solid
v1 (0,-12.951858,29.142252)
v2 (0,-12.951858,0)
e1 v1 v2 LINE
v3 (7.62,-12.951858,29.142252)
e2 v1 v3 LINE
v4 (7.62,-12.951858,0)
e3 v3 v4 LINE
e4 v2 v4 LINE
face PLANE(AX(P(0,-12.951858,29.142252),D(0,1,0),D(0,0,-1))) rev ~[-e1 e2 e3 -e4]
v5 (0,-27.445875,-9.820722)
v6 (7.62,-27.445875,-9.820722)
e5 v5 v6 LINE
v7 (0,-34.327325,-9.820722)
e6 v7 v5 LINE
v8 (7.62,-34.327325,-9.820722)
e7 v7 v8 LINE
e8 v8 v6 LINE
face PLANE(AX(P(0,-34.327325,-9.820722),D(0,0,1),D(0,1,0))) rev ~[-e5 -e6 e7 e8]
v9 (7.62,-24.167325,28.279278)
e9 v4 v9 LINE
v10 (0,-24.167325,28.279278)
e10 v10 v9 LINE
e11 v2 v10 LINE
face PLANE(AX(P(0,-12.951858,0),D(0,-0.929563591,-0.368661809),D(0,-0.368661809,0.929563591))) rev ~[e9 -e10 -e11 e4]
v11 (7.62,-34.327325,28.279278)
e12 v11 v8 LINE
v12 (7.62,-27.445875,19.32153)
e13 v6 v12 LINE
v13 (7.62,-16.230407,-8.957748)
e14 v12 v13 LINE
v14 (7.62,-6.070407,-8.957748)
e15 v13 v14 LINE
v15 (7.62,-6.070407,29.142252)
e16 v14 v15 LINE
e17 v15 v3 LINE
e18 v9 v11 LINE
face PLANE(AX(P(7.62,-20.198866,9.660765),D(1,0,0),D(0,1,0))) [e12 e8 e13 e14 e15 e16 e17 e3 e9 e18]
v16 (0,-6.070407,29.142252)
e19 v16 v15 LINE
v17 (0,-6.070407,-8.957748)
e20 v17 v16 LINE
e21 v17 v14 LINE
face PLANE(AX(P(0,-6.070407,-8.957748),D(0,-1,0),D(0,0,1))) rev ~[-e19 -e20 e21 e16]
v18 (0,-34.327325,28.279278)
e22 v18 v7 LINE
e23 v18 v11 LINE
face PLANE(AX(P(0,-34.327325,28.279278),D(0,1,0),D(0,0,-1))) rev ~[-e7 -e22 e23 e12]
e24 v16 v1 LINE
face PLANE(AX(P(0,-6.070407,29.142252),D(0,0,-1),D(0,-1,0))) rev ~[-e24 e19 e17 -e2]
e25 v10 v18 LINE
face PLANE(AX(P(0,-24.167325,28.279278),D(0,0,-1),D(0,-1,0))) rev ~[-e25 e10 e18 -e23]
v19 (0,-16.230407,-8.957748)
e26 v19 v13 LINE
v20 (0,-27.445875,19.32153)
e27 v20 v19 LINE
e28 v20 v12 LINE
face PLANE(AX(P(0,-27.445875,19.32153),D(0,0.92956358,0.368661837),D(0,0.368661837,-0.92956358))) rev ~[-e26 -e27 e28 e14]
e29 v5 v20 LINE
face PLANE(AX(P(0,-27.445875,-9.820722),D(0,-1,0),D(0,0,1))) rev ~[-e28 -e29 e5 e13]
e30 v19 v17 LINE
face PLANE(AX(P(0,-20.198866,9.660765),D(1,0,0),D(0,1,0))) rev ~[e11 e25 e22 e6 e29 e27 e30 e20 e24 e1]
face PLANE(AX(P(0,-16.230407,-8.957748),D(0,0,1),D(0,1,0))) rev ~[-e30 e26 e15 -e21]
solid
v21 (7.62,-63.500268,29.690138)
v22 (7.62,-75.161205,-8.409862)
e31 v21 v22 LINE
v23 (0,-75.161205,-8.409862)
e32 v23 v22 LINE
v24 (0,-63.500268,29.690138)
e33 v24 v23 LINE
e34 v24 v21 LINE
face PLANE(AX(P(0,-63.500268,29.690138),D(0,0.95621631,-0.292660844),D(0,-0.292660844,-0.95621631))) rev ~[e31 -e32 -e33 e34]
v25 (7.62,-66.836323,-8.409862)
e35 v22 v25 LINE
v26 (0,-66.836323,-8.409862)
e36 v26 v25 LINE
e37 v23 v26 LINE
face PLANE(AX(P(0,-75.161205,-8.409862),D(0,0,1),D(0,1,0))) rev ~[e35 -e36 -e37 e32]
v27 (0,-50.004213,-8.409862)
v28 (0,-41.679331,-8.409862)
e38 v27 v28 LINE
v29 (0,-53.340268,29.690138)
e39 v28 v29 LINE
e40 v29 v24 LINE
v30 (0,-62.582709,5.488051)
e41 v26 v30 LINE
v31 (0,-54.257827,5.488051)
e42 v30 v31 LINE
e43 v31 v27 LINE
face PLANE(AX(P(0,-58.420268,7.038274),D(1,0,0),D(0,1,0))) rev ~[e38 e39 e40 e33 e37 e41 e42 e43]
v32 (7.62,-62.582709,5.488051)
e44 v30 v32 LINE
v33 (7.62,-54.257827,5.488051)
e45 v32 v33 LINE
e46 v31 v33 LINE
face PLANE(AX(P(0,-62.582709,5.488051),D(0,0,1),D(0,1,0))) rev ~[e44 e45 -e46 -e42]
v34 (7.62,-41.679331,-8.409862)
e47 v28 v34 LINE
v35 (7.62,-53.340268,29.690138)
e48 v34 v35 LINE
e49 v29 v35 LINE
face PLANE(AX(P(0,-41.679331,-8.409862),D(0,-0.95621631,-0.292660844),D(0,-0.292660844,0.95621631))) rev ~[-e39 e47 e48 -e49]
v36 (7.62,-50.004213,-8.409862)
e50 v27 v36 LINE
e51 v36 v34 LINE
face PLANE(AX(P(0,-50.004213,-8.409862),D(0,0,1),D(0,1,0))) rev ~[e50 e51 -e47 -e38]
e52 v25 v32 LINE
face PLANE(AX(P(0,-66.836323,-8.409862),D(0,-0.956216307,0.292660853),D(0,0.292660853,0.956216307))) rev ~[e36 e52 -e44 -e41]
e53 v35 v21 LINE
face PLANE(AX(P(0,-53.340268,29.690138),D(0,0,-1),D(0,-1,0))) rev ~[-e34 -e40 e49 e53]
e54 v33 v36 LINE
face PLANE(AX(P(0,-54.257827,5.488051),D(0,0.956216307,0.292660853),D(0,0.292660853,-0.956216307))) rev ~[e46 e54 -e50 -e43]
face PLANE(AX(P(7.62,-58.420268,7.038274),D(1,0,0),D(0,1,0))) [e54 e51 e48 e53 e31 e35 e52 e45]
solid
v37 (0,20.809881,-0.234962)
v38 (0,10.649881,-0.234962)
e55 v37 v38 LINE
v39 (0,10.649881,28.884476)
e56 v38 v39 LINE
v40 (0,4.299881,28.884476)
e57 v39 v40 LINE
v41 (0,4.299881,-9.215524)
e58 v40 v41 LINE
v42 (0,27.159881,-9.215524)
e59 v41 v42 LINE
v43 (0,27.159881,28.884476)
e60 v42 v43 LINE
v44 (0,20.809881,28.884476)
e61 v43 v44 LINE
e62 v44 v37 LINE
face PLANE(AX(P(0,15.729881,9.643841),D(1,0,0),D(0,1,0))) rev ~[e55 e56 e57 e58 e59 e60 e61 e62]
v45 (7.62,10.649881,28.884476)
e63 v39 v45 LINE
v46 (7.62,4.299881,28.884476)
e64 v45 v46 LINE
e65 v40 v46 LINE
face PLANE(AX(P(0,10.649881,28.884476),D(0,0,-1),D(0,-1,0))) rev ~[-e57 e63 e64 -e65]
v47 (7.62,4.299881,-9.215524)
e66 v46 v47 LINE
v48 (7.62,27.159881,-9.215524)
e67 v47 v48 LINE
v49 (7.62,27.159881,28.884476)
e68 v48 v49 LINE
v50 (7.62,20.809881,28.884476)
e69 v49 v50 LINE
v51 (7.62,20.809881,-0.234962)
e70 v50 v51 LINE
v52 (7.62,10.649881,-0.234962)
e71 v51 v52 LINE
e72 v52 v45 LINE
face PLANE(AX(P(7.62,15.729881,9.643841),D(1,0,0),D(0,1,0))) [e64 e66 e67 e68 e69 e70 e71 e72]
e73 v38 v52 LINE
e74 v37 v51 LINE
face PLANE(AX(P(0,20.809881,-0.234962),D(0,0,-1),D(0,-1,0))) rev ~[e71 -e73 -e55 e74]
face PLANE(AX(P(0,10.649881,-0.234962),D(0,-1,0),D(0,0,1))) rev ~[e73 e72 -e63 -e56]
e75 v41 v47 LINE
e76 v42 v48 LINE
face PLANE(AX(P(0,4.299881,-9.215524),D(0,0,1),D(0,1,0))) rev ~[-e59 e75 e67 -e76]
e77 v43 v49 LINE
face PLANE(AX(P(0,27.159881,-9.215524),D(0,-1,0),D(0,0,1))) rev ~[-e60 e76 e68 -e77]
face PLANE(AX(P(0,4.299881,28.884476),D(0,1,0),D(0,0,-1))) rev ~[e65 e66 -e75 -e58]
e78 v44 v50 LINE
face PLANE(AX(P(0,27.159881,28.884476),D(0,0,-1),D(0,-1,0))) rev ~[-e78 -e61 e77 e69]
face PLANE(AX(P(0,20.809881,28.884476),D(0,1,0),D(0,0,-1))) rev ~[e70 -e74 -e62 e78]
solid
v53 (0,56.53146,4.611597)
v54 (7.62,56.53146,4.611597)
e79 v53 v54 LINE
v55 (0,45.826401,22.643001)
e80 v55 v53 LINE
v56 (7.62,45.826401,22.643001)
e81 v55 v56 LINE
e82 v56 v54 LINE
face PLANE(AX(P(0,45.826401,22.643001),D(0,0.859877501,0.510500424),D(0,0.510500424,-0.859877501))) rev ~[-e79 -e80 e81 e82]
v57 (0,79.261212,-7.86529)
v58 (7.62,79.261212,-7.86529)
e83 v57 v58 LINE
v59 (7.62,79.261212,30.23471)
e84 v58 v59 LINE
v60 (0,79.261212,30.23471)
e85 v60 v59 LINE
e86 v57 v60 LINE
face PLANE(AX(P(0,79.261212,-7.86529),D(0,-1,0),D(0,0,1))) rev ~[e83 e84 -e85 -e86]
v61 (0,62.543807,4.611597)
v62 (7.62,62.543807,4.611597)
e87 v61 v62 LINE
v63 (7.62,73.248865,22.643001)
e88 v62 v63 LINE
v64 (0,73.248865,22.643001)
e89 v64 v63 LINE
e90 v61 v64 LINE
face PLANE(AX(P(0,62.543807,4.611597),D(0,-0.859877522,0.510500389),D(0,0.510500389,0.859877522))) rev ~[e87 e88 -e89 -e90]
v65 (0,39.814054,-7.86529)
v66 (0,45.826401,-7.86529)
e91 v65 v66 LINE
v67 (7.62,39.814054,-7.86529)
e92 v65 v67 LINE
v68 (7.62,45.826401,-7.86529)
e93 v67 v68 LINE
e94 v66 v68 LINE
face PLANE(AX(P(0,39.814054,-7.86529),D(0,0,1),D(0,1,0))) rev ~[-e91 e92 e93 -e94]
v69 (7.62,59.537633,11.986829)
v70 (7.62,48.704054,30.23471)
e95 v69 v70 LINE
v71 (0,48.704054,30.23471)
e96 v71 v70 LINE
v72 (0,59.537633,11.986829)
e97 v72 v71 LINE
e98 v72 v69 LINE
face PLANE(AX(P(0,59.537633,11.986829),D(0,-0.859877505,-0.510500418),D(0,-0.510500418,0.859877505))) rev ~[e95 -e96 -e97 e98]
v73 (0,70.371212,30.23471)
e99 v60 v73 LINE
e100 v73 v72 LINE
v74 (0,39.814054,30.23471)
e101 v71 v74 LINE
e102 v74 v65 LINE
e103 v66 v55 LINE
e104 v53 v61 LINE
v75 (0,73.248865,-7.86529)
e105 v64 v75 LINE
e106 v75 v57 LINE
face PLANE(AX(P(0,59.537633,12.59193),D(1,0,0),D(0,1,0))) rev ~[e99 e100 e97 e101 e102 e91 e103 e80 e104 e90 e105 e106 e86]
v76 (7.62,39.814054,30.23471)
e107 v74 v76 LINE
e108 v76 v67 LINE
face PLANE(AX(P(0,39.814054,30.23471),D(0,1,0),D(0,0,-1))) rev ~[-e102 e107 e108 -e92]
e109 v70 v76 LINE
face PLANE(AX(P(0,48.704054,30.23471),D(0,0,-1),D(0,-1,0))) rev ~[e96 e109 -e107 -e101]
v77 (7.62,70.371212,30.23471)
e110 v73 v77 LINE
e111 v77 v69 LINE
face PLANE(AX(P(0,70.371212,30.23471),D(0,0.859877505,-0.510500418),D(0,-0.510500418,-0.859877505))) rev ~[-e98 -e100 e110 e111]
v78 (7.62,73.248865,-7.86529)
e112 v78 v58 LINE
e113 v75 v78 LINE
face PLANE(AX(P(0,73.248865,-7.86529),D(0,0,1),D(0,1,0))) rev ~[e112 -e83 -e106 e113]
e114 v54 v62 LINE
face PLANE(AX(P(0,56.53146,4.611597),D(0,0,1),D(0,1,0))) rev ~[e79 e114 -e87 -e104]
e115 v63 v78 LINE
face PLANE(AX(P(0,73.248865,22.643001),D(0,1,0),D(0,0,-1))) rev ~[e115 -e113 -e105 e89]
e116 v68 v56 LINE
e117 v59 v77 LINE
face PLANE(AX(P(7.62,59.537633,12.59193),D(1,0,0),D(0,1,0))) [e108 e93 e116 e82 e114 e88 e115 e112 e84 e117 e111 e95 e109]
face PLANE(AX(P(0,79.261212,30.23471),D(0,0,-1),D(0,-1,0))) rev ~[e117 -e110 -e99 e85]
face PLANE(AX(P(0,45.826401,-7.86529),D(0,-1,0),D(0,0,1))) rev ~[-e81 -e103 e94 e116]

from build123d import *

# Parameters (mm, degrees)
F1_DEPTH = 7.62


with BuildPart() as f1:
    # F0 (on Right) → F1 (new body)
    with BuildSketch(Plane.YZ):
        Polygon((-63.500268, 29.690138), (-75.161205, -8.409862), (-66.836323, -8.409862), (-62.582709, 5.488051), (-54.257827, 5.488051), (-50.004213, -8.409862), (-41.679331, -8.409862), (-53.340268, 29.690138), align=None)
        Polygon((-34.327325, 28.279278), (-34.327325, -9.820722), (-27.445875, -9.820722), (-27.445875, 19.32153), (-16.230407, -8.957748), (-6.070407, -8.957748), (-6.070407, 29.142252), (-12.951858, 29.142252), (-12.951858, 0), (-24.167325, 28.279278), align=None)
        Polygon((10.649881, 28.884476), (4.299881, 28.884476), (4.299881, -9.215524), (27.159881, -9.215524), (27.159881, 28.884476), (20.809881, 28.884476), (20.809881, -0.234962), (10.649881, -0.234962), align=None)
        Polygon((39.814054, 30.23471), (39.814054, -7.86529), (45.826401, -7.86529), (45.826401, 22.643001), (56.53146, 4.611597), (62.543807, 4.611597), (73.248865, 22.643001), (73.248865, -7.86529), (79.261212, -7.86529), (79.261212, 30.23471), (70.371212, 30.23471), (59.537633, 11.986829), (48.704054, 30.23471), align=None)
    extrude(amount=F1_DEPTH)


solid = f1.part
